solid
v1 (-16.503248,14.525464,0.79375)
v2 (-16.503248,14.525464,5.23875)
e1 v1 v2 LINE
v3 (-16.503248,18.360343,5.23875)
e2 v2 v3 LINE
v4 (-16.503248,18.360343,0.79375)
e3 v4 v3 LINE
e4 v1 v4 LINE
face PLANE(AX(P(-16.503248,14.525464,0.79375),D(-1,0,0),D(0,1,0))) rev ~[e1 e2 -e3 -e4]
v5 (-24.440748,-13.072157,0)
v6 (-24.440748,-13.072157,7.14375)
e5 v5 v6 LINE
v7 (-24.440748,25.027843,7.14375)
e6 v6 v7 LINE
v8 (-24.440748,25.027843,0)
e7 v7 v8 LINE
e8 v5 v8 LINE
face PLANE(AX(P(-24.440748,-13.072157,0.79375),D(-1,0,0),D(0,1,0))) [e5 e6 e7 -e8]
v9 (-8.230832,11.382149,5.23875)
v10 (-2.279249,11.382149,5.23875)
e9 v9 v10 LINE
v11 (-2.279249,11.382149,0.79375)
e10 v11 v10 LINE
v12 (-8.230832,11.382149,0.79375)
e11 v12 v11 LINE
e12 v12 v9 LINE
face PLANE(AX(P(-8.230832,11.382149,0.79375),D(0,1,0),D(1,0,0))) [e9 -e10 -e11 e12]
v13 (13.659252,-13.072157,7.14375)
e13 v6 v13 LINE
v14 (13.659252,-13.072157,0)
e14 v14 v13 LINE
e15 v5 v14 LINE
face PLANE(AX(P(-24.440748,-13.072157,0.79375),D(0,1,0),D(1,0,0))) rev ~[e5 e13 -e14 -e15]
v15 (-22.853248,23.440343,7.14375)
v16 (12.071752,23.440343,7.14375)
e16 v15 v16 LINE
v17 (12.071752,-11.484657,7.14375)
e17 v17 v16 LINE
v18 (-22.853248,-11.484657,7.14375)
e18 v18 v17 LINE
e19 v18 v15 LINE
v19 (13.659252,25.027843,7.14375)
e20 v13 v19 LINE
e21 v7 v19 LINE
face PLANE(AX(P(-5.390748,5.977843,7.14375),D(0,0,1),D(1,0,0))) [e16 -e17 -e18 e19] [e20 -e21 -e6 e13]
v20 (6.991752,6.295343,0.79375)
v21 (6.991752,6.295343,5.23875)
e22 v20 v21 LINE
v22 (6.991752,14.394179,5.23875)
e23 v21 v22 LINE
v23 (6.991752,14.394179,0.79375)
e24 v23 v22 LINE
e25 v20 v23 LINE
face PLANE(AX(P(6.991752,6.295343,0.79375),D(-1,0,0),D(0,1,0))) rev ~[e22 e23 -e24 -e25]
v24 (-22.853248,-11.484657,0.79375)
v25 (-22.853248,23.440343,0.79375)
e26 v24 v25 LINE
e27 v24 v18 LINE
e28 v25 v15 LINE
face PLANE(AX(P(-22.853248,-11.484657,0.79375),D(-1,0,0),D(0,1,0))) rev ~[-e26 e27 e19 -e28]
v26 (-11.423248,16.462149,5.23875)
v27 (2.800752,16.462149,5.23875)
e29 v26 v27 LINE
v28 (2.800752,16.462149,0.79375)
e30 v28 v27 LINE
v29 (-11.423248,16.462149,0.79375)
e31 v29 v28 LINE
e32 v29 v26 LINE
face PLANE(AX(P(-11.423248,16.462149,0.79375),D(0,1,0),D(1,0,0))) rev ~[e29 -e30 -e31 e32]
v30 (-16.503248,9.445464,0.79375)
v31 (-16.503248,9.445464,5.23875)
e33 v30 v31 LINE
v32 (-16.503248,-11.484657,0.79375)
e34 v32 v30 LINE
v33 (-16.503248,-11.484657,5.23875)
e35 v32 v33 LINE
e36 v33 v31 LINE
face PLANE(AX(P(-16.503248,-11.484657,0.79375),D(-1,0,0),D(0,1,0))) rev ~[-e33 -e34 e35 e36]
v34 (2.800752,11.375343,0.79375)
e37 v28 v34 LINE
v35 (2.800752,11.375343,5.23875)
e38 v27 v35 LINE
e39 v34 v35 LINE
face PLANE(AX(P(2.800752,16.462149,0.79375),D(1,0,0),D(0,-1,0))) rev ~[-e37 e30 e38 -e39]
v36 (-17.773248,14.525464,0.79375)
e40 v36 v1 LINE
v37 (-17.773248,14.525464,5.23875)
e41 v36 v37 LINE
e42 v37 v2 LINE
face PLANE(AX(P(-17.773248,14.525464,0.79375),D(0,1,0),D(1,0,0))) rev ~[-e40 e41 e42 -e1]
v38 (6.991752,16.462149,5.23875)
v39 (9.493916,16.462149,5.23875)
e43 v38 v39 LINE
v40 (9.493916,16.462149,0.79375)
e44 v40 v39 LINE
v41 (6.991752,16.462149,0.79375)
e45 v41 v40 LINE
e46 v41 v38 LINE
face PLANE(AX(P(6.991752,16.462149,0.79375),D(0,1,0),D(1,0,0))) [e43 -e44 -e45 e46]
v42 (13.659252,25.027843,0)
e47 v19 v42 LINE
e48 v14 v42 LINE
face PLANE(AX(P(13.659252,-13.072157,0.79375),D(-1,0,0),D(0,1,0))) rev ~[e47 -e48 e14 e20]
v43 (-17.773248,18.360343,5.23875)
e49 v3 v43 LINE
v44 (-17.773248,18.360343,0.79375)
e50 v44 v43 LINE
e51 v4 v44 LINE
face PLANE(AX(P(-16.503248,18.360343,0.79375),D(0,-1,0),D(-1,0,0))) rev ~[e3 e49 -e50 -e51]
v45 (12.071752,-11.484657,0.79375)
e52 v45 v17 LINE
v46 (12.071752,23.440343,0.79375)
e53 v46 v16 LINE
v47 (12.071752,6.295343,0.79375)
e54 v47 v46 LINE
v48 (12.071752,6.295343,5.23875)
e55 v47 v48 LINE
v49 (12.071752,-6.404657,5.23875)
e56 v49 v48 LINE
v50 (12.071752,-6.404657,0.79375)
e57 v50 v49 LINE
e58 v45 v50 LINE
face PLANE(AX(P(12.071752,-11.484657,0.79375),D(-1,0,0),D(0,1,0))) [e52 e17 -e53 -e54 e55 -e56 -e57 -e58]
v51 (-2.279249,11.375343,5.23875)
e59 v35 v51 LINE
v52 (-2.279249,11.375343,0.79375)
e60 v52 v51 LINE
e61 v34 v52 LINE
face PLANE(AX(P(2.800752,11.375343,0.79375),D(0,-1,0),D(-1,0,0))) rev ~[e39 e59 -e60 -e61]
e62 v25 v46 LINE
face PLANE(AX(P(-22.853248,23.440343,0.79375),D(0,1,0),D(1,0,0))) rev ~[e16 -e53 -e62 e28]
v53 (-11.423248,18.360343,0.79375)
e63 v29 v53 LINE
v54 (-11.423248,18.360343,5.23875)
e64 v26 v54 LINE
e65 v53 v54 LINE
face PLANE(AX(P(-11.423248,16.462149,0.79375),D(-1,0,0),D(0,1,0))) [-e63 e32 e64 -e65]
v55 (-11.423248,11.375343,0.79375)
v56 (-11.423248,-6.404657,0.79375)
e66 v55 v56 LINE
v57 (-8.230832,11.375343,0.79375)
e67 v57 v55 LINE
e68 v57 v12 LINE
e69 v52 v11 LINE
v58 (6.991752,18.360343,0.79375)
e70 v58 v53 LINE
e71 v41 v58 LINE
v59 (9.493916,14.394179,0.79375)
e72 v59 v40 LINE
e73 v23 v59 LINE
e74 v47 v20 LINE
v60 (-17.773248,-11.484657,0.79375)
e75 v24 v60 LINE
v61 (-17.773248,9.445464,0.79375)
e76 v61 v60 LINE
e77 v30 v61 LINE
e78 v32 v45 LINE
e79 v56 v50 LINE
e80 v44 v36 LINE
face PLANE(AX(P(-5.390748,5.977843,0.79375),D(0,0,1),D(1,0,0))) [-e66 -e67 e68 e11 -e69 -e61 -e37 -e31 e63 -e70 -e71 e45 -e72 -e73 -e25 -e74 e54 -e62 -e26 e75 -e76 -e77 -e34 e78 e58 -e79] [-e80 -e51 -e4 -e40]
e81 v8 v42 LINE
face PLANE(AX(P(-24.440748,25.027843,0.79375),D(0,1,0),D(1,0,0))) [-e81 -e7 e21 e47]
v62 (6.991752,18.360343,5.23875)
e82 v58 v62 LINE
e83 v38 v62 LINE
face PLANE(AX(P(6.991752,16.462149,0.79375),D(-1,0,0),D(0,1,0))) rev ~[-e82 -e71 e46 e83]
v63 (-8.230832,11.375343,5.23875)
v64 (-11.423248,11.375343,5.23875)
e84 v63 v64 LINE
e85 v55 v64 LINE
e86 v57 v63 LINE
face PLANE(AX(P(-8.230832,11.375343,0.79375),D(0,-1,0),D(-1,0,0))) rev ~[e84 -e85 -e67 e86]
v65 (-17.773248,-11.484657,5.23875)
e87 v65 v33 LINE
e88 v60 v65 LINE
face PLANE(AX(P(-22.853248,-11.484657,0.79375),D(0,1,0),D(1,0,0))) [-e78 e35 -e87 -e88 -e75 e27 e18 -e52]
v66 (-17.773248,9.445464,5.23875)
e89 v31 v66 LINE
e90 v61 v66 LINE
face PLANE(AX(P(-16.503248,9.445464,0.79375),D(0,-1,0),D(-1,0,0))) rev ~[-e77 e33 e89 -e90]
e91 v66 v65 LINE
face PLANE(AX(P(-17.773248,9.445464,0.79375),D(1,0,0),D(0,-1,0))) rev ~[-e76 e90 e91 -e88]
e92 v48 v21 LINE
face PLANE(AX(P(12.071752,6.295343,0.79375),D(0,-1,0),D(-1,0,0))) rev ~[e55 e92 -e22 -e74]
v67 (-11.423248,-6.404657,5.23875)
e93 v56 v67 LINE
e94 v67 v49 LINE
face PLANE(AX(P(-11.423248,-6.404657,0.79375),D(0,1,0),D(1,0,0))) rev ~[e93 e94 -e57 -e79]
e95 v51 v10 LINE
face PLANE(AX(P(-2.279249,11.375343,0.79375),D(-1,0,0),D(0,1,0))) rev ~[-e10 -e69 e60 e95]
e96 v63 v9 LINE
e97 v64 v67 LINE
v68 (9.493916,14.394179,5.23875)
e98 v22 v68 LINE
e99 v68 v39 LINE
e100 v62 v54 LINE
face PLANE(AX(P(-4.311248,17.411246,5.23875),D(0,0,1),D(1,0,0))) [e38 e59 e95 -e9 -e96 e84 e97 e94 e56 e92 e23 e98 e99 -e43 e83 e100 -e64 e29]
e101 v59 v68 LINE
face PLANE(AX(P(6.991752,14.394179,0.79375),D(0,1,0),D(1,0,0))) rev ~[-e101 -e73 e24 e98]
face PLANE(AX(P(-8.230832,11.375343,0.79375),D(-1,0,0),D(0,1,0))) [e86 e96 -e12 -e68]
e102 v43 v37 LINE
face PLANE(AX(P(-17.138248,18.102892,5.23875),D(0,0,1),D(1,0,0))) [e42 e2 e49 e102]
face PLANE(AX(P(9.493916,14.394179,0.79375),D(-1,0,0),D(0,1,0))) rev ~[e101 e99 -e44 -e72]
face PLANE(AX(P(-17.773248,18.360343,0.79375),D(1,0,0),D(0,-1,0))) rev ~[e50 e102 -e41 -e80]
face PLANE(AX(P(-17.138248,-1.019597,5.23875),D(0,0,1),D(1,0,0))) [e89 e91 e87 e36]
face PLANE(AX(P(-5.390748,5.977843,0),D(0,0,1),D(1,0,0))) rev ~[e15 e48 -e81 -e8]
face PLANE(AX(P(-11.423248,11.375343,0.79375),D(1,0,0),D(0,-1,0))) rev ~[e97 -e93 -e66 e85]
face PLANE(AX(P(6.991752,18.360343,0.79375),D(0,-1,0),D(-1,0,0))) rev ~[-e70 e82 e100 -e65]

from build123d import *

# Parameters (mm, degrees)
F0_W     = 38.1
F0_H     = 38.1
F1_DEPTH = 0.79375
F2_W     = 38.1
F2_H     = 38.1
F2_W_2   = 34.925
F2_H_2   = 34.925
F3_DEPTH = 6.35
F4_W     = 14.224
F4_H     = 1.898194
F4_W_2   = 2.502164
F4_H_2   = 2.067971
F4_W_3   = 5.951583
F4_H_3   = 0.006806
F4_W_4   = 18.415
F4_H_4   = 2.333408
F5_DEPTH = 4.445


with BuildPart() as f1:
    # F0 (on Top) → F1 (new body)
    with BuildSketch(Plane.XY):
        with Locations((-5.390748, 5.977843)):
            Rectangle(F0_W, F0_H)
    extrude(amount=F1_DEPTH)

    # F2 (on face) → F3 (join)
    with BuildSketch(Plane.XY.offset(0.79375)):
        with Locations((-5.390748, 5.977843)):
            Rectangle(F2_W, F2_H)
        with Locations((-5.390748, 5.977843)):
            Rectangle(F2_W_2, F2_H_2, mode=Mode.SUBTRACT)
    extrude(amount=F3_DEPTH)

    # F4 (on face) → F5 (join)
    with BuildSketch(Plane.XY.offset(0.79375)):
        Polygon((-17.773248, -11.484657), (-16.99117, -11.484657), (-16.503248, -11.484657), (-16.503248, 9.445464), (-17.773248, 9.445464), align=None)
        Polygon((-16.503248, 18.360343), (-16.99117, 18.360343), (-17.773248, 18.360343), (-17.773248, 17.845441), (-16.503248, 17.845441), align=None)
        Polygon((-16.503248, 17.845441), (-17.773248, 17.845441), (-17.773248, 16.637499), (-17.773248, 14.525464), (-16.503248, 14.525464), align=None)
        with Locations((-4.311248, 17.411246)):
            Rectangle(F4_W, F4_H)
        Polygon((6.991752, 18.360343), (2.800752, 18.360343), (2.800752, 16.462149), (2.800752, 11.375343), (6.991752, 11.375343), (6.991752, 14.394178), (6.991752, 16.462149), align=None)
        Polygon((6.991752, 11.375343), (2.800752, 11.375343), (-2.279248, 11.375343), (-8.230831, 11.375343), (-11.423248, 11.375343), (-11.423248, 6.295343), (6.991752, 6.295343), align=None)
        with Locations((8.242834, 15.428164)):
            Rectangle(F4_W_2, F4_H_2)
        with Locations((-5.25504, 11.378746)):
            Rectangle(F4_W_3, F4_H_3)
        Polygon((12.071752, 6.295343), (6.991752, 6.295343), (6.991752, 3.961935), (-11.423248, 3.961935), (-11.423248, -6.404657), (12.071752, -6.404657), align=None)
        with Locations((-2.215748, 5.128639)):
            Rectangle(F4_W_4, F4_H_4)
    extrude(amount=F5_DEPTH)


solid = f1.part
